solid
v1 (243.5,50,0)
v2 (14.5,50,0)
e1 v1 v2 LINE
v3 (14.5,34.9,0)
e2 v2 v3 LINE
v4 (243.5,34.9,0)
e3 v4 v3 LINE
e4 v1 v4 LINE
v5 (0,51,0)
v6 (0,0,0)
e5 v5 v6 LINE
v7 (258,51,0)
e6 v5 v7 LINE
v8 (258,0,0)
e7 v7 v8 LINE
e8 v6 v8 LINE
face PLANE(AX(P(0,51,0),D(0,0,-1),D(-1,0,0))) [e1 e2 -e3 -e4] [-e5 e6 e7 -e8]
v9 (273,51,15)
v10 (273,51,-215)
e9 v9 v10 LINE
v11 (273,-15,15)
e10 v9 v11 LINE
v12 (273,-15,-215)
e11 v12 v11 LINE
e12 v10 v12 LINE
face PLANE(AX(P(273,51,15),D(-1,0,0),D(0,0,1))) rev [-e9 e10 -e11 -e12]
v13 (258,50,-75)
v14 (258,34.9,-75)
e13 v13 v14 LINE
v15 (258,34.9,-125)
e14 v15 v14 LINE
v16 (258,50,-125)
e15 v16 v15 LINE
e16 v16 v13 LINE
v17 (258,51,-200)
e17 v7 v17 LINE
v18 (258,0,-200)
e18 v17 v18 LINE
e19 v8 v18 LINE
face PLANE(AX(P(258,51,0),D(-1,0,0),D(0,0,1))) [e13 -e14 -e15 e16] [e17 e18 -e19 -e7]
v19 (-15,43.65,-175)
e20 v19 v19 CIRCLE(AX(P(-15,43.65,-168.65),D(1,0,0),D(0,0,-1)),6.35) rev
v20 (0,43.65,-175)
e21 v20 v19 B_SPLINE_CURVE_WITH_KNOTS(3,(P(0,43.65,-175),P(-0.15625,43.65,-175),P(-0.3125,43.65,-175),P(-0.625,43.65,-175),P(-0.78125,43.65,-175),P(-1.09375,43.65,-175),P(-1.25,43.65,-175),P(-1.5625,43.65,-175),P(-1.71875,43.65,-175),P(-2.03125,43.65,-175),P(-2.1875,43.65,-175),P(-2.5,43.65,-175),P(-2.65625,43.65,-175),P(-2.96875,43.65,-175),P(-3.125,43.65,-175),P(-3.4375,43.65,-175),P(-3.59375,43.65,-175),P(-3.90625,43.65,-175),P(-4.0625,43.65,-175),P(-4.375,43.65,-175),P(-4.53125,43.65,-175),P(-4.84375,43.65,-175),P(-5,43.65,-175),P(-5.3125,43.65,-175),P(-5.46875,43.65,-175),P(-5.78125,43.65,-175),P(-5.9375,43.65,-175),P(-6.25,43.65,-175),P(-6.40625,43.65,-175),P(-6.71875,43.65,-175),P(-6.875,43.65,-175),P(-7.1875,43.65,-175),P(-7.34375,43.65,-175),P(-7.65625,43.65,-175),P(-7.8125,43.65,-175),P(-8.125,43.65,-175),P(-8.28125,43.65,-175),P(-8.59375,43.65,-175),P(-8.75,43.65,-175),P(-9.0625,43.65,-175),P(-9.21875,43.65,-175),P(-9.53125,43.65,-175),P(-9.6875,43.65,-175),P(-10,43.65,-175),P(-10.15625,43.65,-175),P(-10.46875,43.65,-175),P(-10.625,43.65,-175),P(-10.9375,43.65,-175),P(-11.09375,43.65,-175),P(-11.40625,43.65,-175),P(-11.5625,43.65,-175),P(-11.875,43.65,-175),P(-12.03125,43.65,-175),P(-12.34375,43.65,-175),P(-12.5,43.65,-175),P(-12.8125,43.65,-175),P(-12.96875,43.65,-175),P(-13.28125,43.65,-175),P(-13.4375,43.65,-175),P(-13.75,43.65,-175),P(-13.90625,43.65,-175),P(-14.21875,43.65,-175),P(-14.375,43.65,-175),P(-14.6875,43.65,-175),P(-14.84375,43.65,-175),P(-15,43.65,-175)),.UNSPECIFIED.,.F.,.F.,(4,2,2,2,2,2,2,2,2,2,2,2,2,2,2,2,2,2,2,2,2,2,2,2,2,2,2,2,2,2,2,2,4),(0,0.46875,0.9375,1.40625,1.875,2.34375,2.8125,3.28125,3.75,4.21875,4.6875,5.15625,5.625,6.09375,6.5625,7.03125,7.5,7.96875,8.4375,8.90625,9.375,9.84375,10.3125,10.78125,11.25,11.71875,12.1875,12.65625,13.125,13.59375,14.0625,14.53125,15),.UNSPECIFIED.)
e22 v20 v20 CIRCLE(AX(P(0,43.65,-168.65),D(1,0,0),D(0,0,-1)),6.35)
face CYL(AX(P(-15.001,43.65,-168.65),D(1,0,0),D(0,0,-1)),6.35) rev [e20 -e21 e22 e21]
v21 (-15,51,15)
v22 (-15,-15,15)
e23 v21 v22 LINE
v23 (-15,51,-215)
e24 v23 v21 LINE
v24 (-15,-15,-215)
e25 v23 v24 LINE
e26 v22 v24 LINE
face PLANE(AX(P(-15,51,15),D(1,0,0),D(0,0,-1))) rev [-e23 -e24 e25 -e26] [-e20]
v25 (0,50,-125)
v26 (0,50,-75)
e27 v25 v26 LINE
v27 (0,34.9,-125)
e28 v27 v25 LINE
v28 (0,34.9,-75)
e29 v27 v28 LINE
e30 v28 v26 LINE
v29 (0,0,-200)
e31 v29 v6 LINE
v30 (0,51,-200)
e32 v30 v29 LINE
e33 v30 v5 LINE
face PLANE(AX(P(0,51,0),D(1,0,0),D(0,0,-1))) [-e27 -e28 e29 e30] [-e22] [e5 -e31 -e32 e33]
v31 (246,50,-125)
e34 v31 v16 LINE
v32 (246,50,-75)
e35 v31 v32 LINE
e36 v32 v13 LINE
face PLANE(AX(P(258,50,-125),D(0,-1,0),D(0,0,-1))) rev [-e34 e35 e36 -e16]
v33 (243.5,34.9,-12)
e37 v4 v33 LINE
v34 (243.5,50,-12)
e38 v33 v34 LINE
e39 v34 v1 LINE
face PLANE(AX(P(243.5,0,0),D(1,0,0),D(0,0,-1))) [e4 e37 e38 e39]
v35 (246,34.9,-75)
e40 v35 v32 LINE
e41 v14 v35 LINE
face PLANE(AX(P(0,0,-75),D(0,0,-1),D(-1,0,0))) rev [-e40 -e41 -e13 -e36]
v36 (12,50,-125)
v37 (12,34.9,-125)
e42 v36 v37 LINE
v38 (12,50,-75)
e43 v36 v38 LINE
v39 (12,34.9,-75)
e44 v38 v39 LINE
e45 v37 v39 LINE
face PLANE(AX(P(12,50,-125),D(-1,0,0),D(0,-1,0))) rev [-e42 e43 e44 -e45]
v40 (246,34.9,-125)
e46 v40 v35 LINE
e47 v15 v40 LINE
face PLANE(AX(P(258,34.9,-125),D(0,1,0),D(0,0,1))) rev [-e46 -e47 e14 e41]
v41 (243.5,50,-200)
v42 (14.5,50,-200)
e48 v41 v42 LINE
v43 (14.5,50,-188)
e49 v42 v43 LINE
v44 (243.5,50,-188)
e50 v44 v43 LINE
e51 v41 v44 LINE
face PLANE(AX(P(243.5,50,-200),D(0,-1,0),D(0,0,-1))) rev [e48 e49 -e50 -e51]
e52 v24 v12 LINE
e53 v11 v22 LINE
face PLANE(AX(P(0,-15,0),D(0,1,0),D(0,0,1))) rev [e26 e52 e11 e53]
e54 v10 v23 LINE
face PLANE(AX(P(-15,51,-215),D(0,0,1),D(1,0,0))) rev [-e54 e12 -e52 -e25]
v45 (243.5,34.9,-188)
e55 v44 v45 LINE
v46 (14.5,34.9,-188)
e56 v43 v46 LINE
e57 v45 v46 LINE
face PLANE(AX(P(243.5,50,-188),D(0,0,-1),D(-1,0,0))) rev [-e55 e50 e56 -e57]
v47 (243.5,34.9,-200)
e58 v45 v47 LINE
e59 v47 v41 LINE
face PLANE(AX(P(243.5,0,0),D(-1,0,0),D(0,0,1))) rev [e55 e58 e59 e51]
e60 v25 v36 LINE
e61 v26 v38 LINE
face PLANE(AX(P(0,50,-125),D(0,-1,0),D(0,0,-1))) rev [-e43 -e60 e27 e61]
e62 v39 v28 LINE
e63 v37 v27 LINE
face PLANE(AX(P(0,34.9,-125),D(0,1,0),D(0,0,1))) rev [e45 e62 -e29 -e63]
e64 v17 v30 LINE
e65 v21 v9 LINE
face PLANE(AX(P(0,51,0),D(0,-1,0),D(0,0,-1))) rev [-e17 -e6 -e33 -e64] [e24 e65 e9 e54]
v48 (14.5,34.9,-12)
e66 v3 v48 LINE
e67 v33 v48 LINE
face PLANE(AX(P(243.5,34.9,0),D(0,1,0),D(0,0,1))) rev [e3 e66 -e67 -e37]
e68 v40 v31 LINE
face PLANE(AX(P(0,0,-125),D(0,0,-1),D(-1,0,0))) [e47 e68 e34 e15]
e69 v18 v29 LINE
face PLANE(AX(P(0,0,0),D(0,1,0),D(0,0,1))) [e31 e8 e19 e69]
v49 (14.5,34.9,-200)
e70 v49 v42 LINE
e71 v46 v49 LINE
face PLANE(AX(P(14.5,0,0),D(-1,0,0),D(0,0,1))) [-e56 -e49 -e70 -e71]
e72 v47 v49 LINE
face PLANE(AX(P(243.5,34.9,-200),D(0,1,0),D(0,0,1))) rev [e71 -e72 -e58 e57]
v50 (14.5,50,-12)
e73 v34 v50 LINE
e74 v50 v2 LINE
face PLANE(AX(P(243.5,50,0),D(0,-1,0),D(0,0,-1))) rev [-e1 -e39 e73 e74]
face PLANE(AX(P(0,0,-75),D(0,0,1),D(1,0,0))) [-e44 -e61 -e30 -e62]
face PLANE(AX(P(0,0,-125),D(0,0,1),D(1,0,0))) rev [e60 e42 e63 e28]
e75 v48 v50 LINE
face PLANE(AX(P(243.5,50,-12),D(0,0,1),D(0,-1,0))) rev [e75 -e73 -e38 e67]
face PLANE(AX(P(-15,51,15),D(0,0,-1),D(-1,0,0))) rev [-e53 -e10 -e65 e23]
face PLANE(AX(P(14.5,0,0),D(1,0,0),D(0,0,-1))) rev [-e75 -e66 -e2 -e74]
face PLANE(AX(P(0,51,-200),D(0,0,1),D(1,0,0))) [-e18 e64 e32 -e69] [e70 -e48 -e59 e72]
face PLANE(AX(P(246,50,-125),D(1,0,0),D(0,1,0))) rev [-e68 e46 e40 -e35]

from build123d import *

# Parameters (mm, degrees)
SKETCH1_W           = 288
SKETCH1_H           = 230
SKETCH1_W_2         = 258
SKETCH1_H_2         = 200
WALLS_DEPTH         = 51
SKETCH3_W           = 288
SKETCH3_H           = 230
BASE_DEPTH          = 15
SKETCH4_W           = 12
SKETCH4_H           = 15.1
LONG_SUPPORT_DEPTH  = 114.5
SKETCH5_W           = 12
SKETCH5_H           = 15.1
SHORT_SUPPORT_DEPTH = 25
CUT_EXTRUDE4_REACH  = 353.219
SKETCH6_R           = 6.35


with BuildPart() as part:
    # Sketch1 → Walls (new body)
    with BuildSketch(Plane(origin=(0, 0, 0), x_dir=(1, 0, 0), z_dir=(0, 1, 0))):
        with Locations((129, 100)):
            Rectangle(SKETCH1_W, SKETCH1_H)
        with Locations((129, 100)):
            Rectangle(SKETCH1_W_2, SKETCH1_H_2, mode=Mode.SUBTRACT)
    extrude(amount=WALLS_DEPTH)

    # Sketch3 → Base (add)
    with BuildSketch(Plane.XZ):
        with Locations((129, -100)):
            Rectangle(SKETCH3_W, SKETCH3_H)
    extrude(amount=BASE_DEPTH)

    # Sketch4 → Long_Support (add, symmetric)
    with BuildSketch(Plane(origin=(129, 0, 0), x_dir=(0, 0, -1), z_dir=(1, 0, 0))):
        with Locations((6, 42.45)):
            Rectangle(SKETCH4_W, SKETCH4_H)
        with Locations((194, 42.45)):
            Rectangle(SKETCH4_W, SKETCH4_H)
    extrude(amount=LONG_SUPPORT_DEPTH, both=True)

    # Sketch5 → Short_Support (add, symmetric)
    with BuildSketch(Plane(origin=(0, 0, -100), x_dir=(-1, 0, 0), z_dir=(0, 0, -1))):
        with Locations((-252, 42.45)):
            Rectangle(SKETCH5_W, SKETCH5_H)
        with Locations((-6, 42.45)):
            Rectangle(SKETCH5_W, SKETCH5_H)
    extrude(amount=SHORT_SUPPORT_DEPTH, both=True)

    # Sketch6 → Cut-Extrude4 (cut, up to next)
    with BuildSketch(Plane(origin=(0, 0, 0), x_dir=(0, 0, -1), z_dir=(1, 0, 0)), mode=Mode.PRIVATE) as cut_extrude4_sk1:
        with Locations((168.65, 43.65)):
            Circle(SKETCH6_R)
    cut_extrude4_tool1 = extrude(cut_extrude4_sk1.sketch, amount=-CUT_EXTRUDE4_REACH, mode=Mode.PRIVATE) & part.part
    add(cut_extrude4_tool1.solids().sort_by_distance((0, 43.65, -168.65))[0], mode=Mode.SUBTRACT)


solid = part.part
